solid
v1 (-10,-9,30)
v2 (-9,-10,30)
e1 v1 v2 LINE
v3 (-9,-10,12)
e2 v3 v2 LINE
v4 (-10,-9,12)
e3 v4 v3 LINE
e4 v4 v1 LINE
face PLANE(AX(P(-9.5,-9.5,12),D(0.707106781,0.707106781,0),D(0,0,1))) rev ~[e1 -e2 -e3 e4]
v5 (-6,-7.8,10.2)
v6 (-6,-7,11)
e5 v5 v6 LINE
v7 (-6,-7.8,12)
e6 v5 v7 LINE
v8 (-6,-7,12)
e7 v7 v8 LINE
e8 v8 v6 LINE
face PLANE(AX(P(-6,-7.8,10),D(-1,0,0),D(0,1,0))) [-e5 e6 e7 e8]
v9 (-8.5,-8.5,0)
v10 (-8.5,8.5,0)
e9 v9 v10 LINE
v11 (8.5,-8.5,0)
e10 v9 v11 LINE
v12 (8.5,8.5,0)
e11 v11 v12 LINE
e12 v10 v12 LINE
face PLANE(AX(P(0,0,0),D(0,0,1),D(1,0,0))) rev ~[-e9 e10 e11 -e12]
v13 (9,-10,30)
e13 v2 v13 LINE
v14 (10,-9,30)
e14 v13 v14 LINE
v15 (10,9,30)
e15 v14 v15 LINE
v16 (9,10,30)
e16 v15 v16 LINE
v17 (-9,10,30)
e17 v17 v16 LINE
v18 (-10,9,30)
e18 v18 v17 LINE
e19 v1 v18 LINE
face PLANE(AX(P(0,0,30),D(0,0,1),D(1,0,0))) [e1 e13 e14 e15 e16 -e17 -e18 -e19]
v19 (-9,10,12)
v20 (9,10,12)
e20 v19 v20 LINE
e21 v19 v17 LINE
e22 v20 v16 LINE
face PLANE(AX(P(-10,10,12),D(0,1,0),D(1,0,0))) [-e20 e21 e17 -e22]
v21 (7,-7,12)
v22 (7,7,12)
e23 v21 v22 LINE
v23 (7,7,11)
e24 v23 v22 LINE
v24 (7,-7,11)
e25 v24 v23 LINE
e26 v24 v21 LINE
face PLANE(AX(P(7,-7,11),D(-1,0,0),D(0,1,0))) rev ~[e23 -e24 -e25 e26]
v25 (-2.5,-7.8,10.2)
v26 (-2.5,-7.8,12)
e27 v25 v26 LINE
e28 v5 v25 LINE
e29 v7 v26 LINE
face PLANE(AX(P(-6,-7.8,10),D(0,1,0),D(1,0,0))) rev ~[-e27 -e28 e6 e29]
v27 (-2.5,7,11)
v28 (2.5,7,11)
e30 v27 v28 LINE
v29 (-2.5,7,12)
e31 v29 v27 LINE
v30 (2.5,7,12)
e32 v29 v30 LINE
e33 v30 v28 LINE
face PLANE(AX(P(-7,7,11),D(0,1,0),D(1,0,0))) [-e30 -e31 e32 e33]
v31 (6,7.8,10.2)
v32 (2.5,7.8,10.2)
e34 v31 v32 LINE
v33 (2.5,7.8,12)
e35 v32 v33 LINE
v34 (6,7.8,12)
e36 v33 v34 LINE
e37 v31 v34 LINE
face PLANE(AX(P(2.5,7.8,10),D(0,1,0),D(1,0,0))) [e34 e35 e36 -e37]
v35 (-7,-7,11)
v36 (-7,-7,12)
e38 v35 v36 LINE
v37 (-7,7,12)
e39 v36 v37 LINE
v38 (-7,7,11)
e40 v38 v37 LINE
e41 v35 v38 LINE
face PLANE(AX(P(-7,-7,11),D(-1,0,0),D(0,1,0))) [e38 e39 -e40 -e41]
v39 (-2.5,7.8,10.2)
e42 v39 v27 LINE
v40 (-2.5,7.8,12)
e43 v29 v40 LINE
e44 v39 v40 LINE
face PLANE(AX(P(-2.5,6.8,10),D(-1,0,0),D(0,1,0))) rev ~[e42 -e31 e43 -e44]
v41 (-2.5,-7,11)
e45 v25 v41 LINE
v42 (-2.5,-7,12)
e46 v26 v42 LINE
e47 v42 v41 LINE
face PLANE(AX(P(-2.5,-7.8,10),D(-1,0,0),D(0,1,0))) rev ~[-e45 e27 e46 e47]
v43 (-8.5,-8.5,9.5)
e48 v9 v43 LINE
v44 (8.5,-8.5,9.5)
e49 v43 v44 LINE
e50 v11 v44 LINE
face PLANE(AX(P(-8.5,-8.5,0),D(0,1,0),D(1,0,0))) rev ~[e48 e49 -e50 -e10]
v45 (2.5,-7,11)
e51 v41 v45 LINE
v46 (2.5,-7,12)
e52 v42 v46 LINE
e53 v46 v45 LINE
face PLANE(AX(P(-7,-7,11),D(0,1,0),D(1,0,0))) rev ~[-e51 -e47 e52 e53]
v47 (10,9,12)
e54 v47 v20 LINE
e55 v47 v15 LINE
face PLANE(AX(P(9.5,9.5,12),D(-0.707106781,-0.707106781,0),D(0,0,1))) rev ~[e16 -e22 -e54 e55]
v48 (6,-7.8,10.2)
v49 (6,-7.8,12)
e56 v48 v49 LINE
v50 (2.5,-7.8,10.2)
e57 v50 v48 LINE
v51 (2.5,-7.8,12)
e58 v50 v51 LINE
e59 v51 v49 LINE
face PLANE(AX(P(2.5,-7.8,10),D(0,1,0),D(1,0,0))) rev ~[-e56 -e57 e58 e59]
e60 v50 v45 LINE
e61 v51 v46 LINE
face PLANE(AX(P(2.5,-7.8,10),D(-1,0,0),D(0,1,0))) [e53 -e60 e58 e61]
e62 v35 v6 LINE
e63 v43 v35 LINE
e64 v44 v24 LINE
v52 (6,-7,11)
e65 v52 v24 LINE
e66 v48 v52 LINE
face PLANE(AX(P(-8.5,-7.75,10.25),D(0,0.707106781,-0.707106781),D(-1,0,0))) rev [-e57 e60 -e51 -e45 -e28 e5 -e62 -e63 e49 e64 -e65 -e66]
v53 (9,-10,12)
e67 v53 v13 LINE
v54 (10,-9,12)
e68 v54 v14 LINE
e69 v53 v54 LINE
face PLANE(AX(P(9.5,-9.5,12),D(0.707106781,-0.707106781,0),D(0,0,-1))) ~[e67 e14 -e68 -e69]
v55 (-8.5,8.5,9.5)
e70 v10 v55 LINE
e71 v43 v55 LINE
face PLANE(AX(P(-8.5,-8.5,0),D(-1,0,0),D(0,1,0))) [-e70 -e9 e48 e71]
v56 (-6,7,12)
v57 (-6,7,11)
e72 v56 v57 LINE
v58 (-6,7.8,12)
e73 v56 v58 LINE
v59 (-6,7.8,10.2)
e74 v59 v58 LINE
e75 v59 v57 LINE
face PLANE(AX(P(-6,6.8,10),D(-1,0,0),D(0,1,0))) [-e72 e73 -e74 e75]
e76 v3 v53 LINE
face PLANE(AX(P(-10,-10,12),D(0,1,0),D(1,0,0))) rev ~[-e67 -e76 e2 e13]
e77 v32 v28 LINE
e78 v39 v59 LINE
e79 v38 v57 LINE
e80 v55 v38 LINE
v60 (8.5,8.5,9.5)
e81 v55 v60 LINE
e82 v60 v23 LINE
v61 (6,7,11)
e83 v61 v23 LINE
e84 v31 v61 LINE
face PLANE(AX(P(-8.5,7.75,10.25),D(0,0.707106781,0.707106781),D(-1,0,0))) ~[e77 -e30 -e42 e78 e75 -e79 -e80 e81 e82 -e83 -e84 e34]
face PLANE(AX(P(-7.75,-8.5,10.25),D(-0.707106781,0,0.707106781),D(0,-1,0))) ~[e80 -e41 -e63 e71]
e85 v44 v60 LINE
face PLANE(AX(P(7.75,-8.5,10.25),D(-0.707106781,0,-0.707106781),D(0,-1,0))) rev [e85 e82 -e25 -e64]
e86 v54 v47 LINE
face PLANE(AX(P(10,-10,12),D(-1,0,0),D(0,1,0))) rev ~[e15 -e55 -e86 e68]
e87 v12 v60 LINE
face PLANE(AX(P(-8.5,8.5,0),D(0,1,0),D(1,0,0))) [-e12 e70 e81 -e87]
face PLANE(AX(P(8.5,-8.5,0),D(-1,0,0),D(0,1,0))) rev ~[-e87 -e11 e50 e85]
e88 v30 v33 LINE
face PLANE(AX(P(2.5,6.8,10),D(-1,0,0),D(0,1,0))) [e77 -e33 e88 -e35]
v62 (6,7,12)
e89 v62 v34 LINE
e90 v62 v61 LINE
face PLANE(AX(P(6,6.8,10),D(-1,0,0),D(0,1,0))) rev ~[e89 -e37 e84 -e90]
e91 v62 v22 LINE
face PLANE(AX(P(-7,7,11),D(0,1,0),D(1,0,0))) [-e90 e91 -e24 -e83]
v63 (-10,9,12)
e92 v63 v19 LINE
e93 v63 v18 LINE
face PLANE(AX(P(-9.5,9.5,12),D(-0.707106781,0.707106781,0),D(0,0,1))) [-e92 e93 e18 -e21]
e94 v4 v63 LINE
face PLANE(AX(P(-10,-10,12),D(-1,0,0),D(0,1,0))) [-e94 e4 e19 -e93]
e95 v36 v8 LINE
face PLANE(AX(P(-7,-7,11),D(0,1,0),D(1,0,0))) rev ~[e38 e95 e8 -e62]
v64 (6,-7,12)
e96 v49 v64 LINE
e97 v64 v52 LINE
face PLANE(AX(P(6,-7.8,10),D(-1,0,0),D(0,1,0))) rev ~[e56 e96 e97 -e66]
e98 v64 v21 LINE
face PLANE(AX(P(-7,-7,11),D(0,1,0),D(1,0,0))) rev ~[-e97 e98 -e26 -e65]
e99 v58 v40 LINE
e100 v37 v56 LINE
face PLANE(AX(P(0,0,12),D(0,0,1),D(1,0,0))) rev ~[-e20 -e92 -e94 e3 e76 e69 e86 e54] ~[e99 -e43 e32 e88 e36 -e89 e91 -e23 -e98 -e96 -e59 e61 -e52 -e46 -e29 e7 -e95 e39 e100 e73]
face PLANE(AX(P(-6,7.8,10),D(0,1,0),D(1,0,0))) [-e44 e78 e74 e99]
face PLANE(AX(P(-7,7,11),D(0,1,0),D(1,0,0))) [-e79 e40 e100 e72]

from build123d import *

# Parameters (mm, degrees)
BOX005_W        = 20
BOX005_H        = 20
BOX005_DEPTH    = 18
CHAMFER003_SIZE = 1
BOX004_W        = 17
BOX004_H        = 17
BOX004_DEPTH    = 11
CHAMFER002_SIZE = 1.5
BOX003_W        = 14
BOX003_H        = 14
BOX003_DEPTH    = 1
BOX008_W        = 3.5
BOX008_H        = 1
BOX008_DEPTH    = 2
BOX007_W        = 3.5
BOX007_H        = 1
BOX007_DEPTH    = 2
BOX006_W        = 3.5
BOX006_H        = 1
BOX006_DEPTH    = 2
BOX009_W        = 3.5
BOX009_H        = 1
BOX009_DEPTH    = 2


with BuildPart() as chamfer003:
    # Box005 → Box005 (new body)
    with BuildSketch(Plane(origin=(-10, -10, 12), x_dir=(1, 0, 0), z_dir=(0, 0, 1))):
        with Locations((10, 10)):
            Rectangle(BOX005_W, BOX005_H)
    extrude(amount=BOX005_DEPTH)

    # Chamfer003
    chamfer003_edges = [chamfer003.edges().sort_by_distance(p)[0] for p in [
        (-10, -10, 21),
        (-10, 10, 21),
        (10, -10, 21),
        (10, 10, 21),
    ]]
    chamfer(chamfer003_edges, length=CHAMFER003_SIZE)


with BuildPart() as chamfer002:
    # Box004 → Box004 (new body)
    with BuildSketch(Plane(origin=(-8.5, -8.5, 0), x_dir=(1, 0, 0), z_dir=(0, 0, 1))):
        with Locations((8.5, 8.5)):
            Rectangle(BOX004_W, BOX004_H)
    extrude(amount=BOX004_DEPTH)

    # Chamfer002
    chamfer002_edges = [chamfer002.edges().sort_by_distance(p)[0] for p in [
        (-8.5, 0, 11),
        (8.5, 0, 11),
        (0, -8.5, 11),
        (0, 8.5, 11),
    ]]
    chamfer(chamfer002_edges, length=CHAMFER002_SIZE)


with BuildPart() as cube003:
    # Box003 → Box003 (new body)
    with BuildSketch(Plane(origin=(-7, -7, 11), x_dir=(1, 0, 0), z_dir=(0, 0, 1))):
        with Locations((7, 7)):
            Rectangle(BOX003_W, BOX003_H)
    extrude(amount=BOX003_DEPTH)


with BuildPart() as cube008:
    # Box008 → Box008 (new body)
    with BuildSketch(Plane(origin=(2.5, 6.8, 10), x_dir=(1, 0, 0), z_dir=(0, 0, 1))):
        with Locations((1.75, 0.5)):
            Rectangle(BOX008_W, BOX008_H)
    extrude(amount=BOX008_DEPTH)


with BuildPart() as cube007:
    # Box007 → Box007 (new body)
    with BuildSketch(Plane(origin=(2.5, -7.8, 10), x_dir=(1, 0, 0), z_dir=(0, 0, 1))):
        with Locations((1.75, 0.5)):
            Rectangle(BOX007_W, BOX007_H)
    extrude(amount=BOX007_DEPTH)


with BuildPart() as cube006:
    # Box006 → Box006 (new body)
    with BuildSketch(Plane(origin=(-6, -7.8, 10), x_dir=(1, 0, 0), z_dir=(0, 0, 1))):
        with Locations((1.75, 0.5)):
            Rectangle(BOX006_W, BOX006_H)
    extrude(amount=BOX006_DEPTH)


with BuildPart() as button_slot:
    # Box009 → Box009 (new body)
    with BuildSketch(Plane(origin=(-6, 6.8, 10), x_dir=(1, 0, 0), z_dir=(0, 0, 1))):
        with Locations((1.75, 0.5)):
            Rectangle(BOX009_W, BOX009_H)
    extrude(amount=BOX009_DEPTH)

    # Fusion: union Cube008, Cube007, Cube006
    add(cube008.part)
    add(cube007.part)
    add(cube006.part)

    # Fusion001: union Chamfer003, Chamfer002, Cube003
    add(chamfer003.part)
    add(chamfer002.part)
    add(cube003.part)


solid = button_slot.part
